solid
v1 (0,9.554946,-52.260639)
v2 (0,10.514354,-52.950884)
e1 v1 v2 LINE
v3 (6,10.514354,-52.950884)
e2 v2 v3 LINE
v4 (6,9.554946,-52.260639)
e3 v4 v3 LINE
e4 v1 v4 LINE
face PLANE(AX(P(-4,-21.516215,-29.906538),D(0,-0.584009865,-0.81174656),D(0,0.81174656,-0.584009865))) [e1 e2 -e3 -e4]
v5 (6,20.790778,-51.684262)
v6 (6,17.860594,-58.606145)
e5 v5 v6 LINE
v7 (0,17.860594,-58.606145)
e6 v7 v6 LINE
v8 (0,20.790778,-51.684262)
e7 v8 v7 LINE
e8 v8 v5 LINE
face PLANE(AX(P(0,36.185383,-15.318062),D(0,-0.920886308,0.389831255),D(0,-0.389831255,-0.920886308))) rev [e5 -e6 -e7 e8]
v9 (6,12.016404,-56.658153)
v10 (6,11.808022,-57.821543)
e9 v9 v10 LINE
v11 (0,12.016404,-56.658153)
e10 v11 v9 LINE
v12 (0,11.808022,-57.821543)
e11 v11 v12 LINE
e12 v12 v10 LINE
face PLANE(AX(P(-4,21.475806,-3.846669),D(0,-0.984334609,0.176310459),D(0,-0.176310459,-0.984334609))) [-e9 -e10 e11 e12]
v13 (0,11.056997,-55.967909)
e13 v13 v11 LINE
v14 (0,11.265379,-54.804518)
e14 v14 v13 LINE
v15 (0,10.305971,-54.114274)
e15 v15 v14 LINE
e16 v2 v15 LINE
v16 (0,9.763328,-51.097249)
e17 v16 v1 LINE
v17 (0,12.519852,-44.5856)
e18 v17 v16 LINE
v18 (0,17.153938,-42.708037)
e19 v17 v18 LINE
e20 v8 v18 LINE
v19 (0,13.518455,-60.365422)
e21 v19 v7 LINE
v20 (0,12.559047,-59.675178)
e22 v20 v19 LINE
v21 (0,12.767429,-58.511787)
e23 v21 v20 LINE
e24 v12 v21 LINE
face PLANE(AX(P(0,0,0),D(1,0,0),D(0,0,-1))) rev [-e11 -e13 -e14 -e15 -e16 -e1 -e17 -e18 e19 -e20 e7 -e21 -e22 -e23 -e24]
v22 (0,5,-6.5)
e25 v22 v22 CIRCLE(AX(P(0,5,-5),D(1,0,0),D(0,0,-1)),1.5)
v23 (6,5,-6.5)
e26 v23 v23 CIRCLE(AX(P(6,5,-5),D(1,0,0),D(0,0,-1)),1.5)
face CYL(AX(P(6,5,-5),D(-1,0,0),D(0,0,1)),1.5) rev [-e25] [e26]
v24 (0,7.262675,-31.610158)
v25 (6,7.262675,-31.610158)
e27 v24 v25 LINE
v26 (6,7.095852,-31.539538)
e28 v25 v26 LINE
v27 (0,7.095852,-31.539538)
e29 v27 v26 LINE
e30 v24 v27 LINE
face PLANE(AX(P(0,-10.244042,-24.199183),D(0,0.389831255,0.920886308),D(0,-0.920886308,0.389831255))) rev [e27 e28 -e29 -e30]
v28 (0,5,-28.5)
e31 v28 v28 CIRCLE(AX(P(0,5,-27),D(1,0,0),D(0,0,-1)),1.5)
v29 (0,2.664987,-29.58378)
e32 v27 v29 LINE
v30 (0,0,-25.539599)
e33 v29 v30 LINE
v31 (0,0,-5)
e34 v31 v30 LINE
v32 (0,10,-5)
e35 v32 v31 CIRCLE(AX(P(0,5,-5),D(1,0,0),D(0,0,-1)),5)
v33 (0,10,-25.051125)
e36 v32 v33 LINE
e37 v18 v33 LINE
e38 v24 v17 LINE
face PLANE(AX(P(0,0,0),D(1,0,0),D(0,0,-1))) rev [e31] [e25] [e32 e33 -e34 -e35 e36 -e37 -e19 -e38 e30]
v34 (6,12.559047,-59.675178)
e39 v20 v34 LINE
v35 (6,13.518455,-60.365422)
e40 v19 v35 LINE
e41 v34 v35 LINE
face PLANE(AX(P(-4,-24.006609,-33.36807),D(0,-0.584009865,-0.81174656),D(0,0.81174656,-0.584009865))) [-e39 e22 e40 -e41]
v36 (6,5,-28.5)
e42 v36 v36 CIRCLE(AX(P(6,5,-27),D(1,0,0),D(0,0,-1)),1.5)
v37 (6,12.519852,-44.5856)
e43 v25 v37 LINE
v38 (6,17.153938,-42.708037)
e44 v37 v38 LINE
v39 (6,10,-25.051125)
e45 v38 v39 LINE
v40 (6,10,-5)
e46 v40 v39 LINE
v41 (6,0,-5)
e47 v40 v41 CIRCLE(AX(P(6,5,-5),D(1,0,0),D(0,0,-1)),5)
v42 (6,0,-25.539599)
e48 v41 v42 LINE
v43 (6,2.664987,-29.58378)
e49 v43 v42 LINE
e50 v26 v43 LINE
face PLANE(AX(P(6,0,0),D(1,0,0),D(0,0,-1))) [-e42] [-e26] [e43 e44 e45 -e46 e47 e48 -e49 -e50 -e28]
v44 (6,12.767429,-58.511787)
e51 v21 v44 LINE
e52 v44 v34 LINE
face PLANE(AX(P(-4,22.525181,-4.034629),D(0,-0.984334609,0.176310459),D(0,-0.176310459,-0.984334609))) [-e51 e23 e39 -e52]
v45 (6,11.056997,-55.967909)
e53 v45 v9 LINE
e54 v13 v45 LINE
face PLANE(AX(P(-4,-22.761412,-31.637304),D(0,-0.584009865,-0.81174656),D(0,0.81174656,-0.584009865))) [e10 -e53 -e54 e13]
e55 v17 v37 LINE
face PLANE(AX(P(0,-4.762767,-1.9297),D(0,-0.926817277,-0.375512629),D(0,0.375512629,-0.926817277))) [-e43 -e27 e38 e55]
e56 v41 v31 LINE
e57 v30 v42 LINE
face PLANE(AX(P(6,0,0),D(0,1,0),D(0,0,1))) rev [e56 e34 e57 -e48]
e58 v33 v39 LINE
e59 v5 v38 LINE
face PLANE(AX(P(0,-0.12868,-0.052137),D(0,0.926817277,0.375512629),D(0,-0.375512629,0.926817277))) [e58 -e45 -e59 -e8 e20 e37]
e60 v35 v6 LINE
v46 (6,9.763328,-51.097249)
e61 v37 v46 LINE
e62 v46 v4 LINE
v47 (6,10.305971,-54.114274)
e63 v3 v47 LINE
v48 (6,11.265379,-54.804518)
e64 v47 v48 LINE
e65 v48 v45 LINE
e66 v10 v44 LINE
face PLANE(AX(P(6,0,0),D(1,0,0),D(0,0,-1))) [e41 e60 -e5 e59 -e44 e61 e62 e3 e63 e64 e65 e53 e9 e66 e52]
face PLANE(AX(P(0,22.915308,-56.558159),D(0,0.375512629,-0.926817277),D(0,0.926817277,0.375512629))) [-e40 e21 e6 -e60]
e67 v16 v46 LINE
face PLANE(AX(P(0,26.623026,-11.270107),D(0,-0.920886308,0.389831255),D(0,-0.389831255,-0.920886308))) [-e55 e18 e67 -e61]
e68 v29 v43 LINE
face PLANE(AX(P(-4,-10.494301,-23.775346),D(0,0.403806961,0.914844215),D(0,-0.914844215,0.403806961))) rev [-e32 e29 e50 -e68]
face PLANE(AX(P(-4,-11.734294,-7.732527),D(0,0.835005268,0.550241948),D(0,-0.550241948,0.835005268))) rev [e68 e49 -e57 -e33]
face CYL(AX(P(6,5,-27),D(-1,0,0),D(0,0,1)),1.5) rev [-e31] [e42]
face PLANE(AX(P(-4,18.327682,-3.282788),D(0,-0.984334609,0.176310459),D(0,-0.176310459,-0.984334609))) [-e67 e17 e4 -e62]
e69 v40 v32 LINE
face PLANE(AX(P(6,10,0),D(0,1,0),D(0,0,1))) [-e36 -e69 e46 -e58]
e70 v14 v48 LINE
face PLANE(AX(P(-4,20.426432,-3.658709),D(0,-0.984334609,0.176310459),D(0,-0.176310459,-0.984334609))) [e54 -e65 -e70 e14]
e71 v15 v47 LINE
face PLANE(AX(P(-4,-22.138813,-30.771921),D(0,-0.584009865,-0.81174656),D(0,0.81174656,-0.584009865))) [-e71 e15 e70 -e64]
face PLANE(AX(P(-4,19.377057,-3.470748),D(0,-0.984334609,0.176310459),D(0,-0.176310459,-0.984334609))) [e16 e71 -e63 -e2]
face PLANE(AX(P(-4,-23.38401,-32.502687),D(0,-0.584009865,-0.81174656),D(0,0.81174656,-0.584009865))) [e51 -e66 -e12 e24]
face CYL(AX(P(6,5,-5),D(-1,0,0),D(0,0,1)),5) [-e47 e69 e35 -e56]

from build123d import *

# Parameters (mm, degrees)
SKETCH1_R           = 5
SKETCH1_R_2         = 1.5
BOSS_EXTRUDE1_DEPTH = 6
BOSS_EXTRUDE2_DEPTH = 6
CUT_EXTRUDE2_DEPTH  = 7
CUT_EXTRUDE3_DEPTH  = 10


with BuildPart() as part:
    # Sketch1 → Boss-Extrude1 (new body)
    with BuildSketch(Plane(origin=(0, 0, 0), x_dir=(0, 0, -1), z_dir=(1, 0, 0))):
        with Locations((5, 5)):
            Circle(SKETCH1_R)
        with Locations((5, 5)):
            Circle(SKETCH1_R_2, mode=Mode.SUBTRACT)
        with BuildLine():
            ThreePointArc((10, 5), (8.535533906, 1.464466094), (5, 0))
            Line((5, 0), (27, 0))
            ThreePointArc((27, 0), (22, 5), (27, 10))
            Line((27, 10), (5, 10))
            ThreePointArc((5, 10), (8.535533906, 8.535533906), (10, 5))
        make_face()
        with Locations((27, 5)):
            Circle(SKETCH1_R)
        with Locations((27, 5)):
            Circle(SKETCH1_R_2, mode=Mode.SUBTRACT)
    extrude(amount=BOSS_EXTRUDE1_DEPTH)

    # Sketch2 → Boss-Extrude2 (add)
    with BuildSketch(Plane(origin=(6, 0, 0), x_dir=(0, 0, -1), z_dir=(1, 0, 0))):
        with BuildLine():
            ThreePointArc((27, 10), (29.694507461, 9.21184396), (31.53953799, 7.095851816))
            Line((31.53953799, 7.095851816), (31.610157793, 7.262674791))
            Line((31.610157793, 7.262674791), (44.585599673, 12.519851602))
            Line((44.585599673, 12.519851602), (51.097249205, 9.763328363))
            Line((51.097249205, 9.763328363), (60.365421977, 13.518454657))
            Line((60.365421977, 13.518454657), (56.610295683, 22.786627428))
            Line((56.610295683, 22.786627428), (25.051124858, 10))
            Line((25.051124858, 10), (27, 10))
        make_face()
        Polygon((60.365421977, 13.518454657), (51.097249205, 9.763328363), (51.333822162, 9.179433479), (60.601994933, 12.934559772), align=None)
    extrude(amount=-BOSS_EXTRUDE2_DEPTH)

    # Sketch4 → Cut-Extrude2 (cut, through all)
    with BuildSketch(Plane(origin=(6, 0, 0), x_dir=(0, 0, -1), z_dir=(1, 0, 0))):
        Polygon((56.610295683, 22.786627428), (51.684261855, 20.790777803), (58.606145308, 17.8605936), align=None)
    extrude(amount=-CUT_EXTRUDE2_DEPTH, mode=Mode.SUBTRACT)

    # Sketch5 → Cut-Extrude3 (cut)
    with BuildSketch(Plane(origin=(6, 0, 0), x_dir=(0, 0, -1), z_dir=(1, 0, 0))):
        with BuildLine():
            ThreePointArc((27, 0), (31.21184396, 2.305492539), (31.53953799, 7.095851816))
            Line((31.53953799, 7.095851816), (29.583779735, 2.664986829))
            Line((29.583779735, 2.664986829), (25.539598719, 0))
            Line((25.539598719, 0), (27, 0))
        make_face()
        Polygon((52.260639439, 9.554946108), (51.097249205, 9.763328363), (51.333822162, 9.179433479), align=None)
        Polygon((52.95088376, 10.514353622), (52.260639439, 9.554946108), (54.114273993, 10.305971367), align=None)
        Polygon((54.804518314, 11.265378881), (54.114273993, 10.305971367), (55.967908548, 11.056996626), align=None)
        Polygon((56.658152868, 12.01640414), (55.967908548, 11.056996626), (57.821543102, 11.808021884), align=None)
        Polygon((58.511787422, 12.767429398), (57.821543102, 11.808021884), (59.675177656, 12.559047143), align=None)
        Polygon((60.365421977, 13.518454657), (59.675177656, 12.559047143), (60.601994933, 12.934559772), align=None)
    extrude(amount=-CUT_EXTRUDE3_DEPTH, mode=Mode.SUBTRACT)


solid = part.part
